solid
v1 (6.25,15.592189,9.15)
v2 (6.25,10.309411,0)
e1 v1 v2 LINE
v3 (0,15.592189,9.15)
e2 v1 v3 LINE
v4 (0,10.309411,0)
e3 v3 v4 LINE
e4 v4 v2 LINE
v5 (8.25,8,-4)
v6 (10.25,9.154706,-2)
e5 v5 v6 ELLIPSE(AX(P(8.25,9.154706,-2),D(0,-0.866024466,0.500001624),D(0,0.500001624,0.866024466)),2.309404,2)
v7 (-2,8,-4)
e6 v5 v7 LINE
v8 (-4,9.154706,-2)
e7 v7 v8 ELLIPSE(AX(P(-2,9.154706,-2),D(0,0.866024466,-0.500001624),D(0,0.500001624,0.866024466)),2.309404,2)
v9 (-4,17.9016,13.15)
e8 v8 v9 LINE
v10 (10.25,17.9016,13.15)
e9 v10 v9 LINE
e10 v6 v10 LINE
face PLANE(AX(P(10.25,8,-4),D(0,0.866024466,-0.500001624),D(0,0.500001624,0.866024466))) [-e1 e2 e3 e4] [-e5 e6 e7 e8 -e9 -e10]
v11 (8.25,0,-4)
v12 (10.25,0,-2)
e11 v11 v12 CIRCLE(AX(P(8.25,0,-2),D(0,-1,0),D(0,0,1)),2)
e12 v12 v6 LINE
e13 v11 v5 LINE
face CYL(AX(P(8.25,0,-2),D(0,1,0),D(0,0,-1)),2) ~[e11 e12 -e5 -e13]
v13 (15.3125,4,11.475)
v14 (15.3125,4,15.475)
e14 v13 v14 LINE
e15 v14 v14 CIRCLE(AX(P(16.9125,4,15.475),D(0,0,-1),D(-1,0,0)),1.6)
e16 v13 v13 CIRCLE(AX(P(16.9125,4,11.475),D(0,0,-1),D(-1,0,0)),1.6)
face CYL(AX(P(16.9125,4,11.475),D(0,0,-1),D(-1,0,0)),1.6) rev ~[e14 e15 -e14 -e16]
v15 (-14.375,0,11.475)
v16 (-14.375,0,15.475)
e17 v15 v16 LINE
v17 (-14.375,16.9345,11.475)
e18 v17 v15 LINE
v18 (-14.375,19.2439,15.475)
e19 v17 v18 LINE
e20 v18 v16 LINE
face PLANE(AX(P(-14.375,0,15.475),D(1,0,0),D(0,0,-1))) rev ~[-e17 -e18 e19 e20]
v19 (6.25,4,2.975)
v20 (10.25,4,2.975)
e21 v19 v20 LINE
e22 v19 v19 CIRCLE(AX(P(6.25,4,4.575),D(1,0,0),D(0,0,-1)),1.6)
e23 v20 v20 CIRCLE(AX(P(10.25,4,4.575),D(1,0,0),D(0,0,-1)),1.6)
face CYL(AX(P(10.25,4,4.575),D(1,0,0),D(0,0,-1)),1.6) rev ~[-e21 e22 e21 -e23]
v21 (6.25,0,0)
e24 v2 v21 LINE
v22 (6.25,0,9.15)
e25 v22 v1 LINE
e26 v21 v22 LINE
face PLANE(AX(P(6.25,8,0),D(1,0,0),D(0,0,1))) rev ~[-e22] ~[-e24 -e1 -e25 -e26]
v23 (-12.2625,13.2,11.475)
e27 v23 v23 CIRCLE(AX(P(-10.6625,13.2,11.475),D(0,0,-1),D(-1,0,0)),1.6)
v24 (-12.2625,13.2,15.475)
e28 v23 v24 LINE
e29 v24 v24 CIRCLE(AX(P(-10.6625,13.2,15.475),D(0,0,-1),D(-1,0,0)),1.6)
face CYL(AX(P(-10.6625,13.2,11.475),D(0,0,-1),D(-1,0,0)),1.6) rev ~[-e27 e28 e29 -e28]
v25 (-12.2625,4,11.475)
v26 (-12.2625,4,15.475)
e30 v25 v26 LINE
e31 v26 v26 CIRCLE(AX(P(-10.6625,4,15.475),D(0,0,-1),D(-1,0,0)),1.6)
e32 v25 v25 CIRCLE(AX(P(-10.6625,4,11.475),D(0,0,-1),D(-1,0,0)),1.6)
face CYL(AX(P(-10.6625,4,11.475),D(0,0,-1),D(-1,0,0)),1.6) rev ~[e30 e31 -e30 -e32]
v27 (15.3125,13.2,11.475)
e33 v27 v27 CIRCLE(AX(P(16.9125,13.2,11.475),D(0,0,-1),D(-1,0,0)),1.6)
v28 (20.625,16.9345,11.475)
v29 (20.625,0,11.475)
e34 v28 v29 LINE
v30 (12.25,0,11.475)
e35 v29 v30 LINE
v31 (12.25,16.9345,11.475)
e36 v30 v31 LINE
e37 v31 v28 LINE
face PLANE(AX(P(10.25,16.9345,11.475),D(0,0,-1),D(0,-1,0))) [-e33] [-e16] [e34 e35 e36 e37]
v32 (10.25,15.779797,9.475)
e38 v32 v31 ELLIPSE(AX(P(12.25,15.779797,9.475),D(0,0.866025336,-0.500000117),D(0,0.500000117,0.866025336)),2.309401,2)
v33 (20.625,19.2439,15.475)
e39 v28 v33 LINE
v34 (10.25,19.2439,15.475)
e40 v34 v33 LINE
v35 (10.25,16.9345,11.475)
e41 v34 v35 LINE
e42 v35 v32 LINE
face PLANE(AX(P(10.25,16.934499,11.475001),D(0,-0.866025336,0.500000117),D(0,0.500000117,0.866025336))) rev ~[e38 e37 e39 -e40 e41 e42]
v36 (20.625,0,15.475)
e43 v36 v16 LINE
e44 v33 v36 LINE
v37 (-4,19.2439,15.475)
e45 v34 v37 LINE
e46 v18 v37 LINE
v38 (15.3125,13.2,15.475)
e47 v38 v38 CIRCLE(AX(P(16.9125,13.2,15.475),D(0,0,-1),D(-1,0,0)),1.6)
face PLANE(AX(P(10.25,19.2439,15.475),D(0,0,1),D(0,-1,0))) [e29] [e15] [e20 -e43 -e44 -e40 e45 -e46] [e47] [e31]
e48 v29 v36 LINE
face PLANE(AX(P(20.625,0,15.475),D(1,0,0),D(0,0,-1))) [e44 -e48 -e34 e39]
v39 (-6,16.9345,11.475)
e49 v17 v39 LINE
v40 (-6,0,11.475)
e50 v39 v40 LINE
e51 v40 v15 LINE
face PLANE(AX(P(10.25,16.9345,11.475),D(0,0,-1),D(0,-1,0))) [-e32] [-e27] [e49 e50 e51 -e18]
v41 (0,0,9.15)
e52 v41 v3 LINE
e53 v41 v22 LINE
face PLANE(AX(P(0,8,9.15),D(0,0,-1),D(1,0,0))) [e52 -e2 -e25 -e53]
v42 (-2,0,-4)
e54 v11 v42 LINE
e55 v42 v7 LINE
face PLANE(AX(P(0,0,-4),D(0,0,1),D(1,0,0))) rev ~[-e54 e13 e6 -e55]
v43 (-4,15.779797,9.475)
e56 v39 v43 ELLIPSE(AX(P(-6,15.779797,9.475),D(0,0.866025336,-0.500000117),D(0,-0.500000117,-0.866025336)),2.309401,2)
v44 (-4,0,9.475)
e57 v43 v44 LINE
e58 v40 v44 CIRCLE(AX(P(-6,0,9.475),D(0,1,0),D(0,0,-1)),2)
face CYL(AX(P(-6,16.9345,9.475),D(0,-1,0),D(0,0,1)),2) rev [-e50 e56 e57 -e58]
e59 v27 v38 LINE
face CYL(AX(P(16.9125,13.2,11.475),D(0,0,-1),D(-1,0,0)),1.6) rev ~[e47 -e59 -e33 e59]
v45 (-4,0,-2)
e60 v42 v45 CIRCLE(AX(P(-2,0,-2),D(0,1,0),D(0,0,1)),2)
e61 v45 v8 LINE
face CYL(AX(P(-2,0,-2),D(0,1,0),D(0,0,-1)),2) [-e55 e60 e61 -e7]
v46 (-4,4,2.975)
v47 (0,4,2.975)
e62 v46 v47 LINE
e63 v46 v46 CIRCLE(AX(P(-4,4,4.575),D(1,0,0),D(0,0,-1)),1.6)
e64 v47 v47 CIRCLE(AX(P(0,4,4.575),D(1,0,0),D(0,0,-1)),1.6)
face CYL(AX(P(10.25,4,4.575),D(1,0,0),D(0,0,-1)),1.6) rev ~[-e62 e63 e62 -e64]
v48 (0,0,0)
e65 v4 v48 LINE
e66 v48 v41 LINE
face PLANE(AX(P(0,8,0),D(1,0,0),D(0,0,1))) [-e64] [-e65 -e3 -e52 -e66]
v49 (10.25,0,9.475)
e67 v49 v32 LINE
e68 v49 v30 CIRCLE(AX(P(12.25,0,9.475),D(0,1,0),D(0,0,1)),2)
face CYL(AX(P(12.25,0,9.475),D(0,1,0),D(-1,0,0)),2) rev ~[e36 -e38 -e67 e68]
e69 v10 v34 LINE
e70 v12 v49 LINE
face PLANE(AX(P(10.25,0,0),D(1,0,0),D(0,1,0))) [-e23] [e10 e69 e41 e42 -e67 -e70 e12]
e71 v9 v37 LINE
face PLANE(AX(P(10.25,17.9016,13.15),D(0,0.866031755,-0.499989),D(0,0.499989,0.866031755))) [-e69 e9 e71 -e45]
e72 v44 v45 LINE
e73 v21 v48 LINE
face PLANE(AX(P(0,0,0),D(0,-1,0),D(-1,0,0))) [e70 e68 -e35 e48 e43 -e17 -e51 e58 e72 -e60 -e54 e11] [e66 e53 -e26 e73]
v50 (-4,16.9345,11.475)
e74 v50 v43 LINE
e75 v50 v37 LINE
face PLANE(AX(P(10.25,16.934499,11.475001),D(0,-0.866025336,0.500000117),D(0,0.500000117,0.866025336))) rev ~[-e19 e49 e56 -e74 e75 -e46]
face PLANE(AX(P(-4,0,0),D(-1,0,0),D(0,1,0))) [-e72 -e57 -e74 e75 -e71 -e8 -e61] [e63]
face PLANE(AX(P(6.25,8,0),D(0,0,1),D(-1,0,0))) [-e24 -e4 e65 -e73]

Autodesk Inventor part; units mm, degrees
ref_plane "YZ Plane" through (0, 0, 0) normal (1, 0, 0) x (0, 1, 0)
ref_plane "XZ Plane" through (0, 0, 0) normal (0, 1, 0) x (-1, 0, 0)
ref_plane "XY Plane" through (0, 0, 0) normal (0, 0, 1) x (1, 0, 0)
sketch "Sketch1" plane through (0, 0, 0) normal (0, 0, 1) x (1, 0, 0)
  line L0 (0, 0) -> (6.25, 0)
  line L1 (6.25, 0) -> (6.25, 8)
  line L2 (6.25, 8) -> (0, 8)
  line L3 (0, 8) -> (0, 0)
  line L4 (6.25, 0) -> (10.25, 0)
  line L5 (10.25, 0) -> (10.25, 8)
  line L6 (10.25, 8) -> (6.25, 8)
  line L7 (6.25, 8) -> (6.25, 0)
  line L8 (0, 0) -> (-4, 0)
  line L9 (-4, 0) -> (-4, 8)
  line L10 (-4, 8) -> (0, 8)
  line L11 (0, 8) -> (0, 0)
  point P0 (6.25, 4)
  point P1 (3.125, 8)
  dimension "d0" = 6.25
  dimension "d1" = 8
  dimension "d3" = 4
extrude "Extrusion1" add sketch "Sketch1" along normal blind 9.15 contours L8 L9 L10 L3 | L1 L6 L5 L4
extrude "Extrusion2" add sketch "Sketch1" against normal blind 4
sketch "Sketch2" plane through (10.25, 0, 9.15) normal (1, 0, 0) x (0, 0, -1)
  line L0 (9.15, 0) -> (9.15, 8) projected
  line L1 (9.15, 8) -> (0, 8) projected
  line L2 (0, 0) -> (0, 8) projected
  line L3 (9.15, 0) -> (0, 0) projected
  circle A0 centre (4.575, 4) radius 1.6
  line L4 (0, 0) -> (0, 8) projected
  point P0 (0, 4)
  point P1 (4.575, 8)
  dimension "d8" = 3.2
extrude "Extrusion3" cut sketch "Sketch2" against normal through all contours A0
extrude "Extrusion4" add sketch "Sketch1" along normal blind 4 from surface at 9.15
sketch "Sketch3" plane through (10.25, 0, -4) normal (1, 0, 0) x (0, 0, -1)
  line L0 (-17.15, 17.9016) -> (-17.15, -9.9016)
  line L1 (-17.15, -9.9016) -> (0, 0)
  line L2 (0, 0) -> (0, 8)
  line L3 (0, 8) -> (-17.15, 17.9016)
  line L4 (-17.15, 8) -> (-17.15, 0) projected
  circle A0 centre (-8.575, 4) radius 1.6 projected
  line L5 (0, 0) -> (-17.15, 0) projected
  line L6 (-19.475, 19.2439) -> (-19.475, -11.2439)
  line L7 (-17.15, 17.9016) -> (-19.475, 19.2439)
  line L8 (-19.475, -11.2439) -> (-17.15, -9.9016)
  line L9 (-17.15, 0) -> (-19.475, 0)
  point P0 (-4, 0)
  dimension "d13" = 60
  dimension "d20" = 2.325
sketch "Sketch4" plane through (-4, 8, -4) normal (0, 1, 0) x (1, 0, 0)
  line L0 (4, -13.15) -> (10.25, -13.15) projected
  line L1 (10.25, -4) -> (10.25, -13.15) projected
  line L2 (4, -4) -> (4, -13.15) projected
  line L3 (10.25, -4) -> (4, -4) projected
extrude "Extrusion5" add sketch "Sketch3" against normal up to surface (14.25 mm away) contours L3 L2 L5 L0 | L0 L9 L6 L7
extrude "Extrusion6" cut sketch "Sketch4" along normal through all both and the other way through all
sketch "Sketch5" plane through (10.25, 0, 15.475) normal (1, 0, 0) x (0, 0, -1)
  circle A0 centre (10.9, 4) radius 1.6 projected
  line L0 (19.475, 8) -> (0, 19.2439) projected
  line L1 (0, 19.2439) -> (0, 0) projected
  line L2 (19.475, 0) -> (0, 0) projected
  line L3 (19.475, 8) -> (19.475, 0) projected
  line L4 (4, 16.9345) -> (4, 0)
  point P0 (15.475, 0)
  dimension "d21" = 4
extrude "Extrusion7" add sketch "Sketch5" along normal blind 10.375 and the other way blind 24.625 contours L4 L2 L1 L0
sketch "Sketch6" plane through (10.25, 0, 11.475) normal (0, 0, -1) x (-1, 0, 0)
  circle A0 centre (-6.6625, 13.2) radius 1.6
  line L0 (-10.375, 0) -> (-10.375, 16.9345) projected
  line L1 (0, 16.9345) -> (-10.375, 16.9345) projected
  circle A1 centre (20.9125, 13.2) radius 1.6
  circle A2 centre (20.9125, 4) radius 1.6
  circle A3 centre (-6.6625, 4) radius 1.6
  line L2 (0, 0) -> (-10.375, 0) projected
  line L3 (24.625, 16.9345) -> (24.625, 0) projected
  point P0 (10.25, 0)
  dimension "d26" = 3.2
  dimension "d27" = 3.7125
  dimension "d29" = 4
  dimension "d30" = 3.7125
  dimension "d34" = 6
extrude "Extrusion8" cut sketch "Sketch6" against normal through all
fillet "Fillet1" radius 2 4 edges at (10.25, 8.4672, 11.475) (-4, 8.4672, 11.475) (10.25, 4, -4) (-4, 4, -4)
properties part number "TopMotorMount"
